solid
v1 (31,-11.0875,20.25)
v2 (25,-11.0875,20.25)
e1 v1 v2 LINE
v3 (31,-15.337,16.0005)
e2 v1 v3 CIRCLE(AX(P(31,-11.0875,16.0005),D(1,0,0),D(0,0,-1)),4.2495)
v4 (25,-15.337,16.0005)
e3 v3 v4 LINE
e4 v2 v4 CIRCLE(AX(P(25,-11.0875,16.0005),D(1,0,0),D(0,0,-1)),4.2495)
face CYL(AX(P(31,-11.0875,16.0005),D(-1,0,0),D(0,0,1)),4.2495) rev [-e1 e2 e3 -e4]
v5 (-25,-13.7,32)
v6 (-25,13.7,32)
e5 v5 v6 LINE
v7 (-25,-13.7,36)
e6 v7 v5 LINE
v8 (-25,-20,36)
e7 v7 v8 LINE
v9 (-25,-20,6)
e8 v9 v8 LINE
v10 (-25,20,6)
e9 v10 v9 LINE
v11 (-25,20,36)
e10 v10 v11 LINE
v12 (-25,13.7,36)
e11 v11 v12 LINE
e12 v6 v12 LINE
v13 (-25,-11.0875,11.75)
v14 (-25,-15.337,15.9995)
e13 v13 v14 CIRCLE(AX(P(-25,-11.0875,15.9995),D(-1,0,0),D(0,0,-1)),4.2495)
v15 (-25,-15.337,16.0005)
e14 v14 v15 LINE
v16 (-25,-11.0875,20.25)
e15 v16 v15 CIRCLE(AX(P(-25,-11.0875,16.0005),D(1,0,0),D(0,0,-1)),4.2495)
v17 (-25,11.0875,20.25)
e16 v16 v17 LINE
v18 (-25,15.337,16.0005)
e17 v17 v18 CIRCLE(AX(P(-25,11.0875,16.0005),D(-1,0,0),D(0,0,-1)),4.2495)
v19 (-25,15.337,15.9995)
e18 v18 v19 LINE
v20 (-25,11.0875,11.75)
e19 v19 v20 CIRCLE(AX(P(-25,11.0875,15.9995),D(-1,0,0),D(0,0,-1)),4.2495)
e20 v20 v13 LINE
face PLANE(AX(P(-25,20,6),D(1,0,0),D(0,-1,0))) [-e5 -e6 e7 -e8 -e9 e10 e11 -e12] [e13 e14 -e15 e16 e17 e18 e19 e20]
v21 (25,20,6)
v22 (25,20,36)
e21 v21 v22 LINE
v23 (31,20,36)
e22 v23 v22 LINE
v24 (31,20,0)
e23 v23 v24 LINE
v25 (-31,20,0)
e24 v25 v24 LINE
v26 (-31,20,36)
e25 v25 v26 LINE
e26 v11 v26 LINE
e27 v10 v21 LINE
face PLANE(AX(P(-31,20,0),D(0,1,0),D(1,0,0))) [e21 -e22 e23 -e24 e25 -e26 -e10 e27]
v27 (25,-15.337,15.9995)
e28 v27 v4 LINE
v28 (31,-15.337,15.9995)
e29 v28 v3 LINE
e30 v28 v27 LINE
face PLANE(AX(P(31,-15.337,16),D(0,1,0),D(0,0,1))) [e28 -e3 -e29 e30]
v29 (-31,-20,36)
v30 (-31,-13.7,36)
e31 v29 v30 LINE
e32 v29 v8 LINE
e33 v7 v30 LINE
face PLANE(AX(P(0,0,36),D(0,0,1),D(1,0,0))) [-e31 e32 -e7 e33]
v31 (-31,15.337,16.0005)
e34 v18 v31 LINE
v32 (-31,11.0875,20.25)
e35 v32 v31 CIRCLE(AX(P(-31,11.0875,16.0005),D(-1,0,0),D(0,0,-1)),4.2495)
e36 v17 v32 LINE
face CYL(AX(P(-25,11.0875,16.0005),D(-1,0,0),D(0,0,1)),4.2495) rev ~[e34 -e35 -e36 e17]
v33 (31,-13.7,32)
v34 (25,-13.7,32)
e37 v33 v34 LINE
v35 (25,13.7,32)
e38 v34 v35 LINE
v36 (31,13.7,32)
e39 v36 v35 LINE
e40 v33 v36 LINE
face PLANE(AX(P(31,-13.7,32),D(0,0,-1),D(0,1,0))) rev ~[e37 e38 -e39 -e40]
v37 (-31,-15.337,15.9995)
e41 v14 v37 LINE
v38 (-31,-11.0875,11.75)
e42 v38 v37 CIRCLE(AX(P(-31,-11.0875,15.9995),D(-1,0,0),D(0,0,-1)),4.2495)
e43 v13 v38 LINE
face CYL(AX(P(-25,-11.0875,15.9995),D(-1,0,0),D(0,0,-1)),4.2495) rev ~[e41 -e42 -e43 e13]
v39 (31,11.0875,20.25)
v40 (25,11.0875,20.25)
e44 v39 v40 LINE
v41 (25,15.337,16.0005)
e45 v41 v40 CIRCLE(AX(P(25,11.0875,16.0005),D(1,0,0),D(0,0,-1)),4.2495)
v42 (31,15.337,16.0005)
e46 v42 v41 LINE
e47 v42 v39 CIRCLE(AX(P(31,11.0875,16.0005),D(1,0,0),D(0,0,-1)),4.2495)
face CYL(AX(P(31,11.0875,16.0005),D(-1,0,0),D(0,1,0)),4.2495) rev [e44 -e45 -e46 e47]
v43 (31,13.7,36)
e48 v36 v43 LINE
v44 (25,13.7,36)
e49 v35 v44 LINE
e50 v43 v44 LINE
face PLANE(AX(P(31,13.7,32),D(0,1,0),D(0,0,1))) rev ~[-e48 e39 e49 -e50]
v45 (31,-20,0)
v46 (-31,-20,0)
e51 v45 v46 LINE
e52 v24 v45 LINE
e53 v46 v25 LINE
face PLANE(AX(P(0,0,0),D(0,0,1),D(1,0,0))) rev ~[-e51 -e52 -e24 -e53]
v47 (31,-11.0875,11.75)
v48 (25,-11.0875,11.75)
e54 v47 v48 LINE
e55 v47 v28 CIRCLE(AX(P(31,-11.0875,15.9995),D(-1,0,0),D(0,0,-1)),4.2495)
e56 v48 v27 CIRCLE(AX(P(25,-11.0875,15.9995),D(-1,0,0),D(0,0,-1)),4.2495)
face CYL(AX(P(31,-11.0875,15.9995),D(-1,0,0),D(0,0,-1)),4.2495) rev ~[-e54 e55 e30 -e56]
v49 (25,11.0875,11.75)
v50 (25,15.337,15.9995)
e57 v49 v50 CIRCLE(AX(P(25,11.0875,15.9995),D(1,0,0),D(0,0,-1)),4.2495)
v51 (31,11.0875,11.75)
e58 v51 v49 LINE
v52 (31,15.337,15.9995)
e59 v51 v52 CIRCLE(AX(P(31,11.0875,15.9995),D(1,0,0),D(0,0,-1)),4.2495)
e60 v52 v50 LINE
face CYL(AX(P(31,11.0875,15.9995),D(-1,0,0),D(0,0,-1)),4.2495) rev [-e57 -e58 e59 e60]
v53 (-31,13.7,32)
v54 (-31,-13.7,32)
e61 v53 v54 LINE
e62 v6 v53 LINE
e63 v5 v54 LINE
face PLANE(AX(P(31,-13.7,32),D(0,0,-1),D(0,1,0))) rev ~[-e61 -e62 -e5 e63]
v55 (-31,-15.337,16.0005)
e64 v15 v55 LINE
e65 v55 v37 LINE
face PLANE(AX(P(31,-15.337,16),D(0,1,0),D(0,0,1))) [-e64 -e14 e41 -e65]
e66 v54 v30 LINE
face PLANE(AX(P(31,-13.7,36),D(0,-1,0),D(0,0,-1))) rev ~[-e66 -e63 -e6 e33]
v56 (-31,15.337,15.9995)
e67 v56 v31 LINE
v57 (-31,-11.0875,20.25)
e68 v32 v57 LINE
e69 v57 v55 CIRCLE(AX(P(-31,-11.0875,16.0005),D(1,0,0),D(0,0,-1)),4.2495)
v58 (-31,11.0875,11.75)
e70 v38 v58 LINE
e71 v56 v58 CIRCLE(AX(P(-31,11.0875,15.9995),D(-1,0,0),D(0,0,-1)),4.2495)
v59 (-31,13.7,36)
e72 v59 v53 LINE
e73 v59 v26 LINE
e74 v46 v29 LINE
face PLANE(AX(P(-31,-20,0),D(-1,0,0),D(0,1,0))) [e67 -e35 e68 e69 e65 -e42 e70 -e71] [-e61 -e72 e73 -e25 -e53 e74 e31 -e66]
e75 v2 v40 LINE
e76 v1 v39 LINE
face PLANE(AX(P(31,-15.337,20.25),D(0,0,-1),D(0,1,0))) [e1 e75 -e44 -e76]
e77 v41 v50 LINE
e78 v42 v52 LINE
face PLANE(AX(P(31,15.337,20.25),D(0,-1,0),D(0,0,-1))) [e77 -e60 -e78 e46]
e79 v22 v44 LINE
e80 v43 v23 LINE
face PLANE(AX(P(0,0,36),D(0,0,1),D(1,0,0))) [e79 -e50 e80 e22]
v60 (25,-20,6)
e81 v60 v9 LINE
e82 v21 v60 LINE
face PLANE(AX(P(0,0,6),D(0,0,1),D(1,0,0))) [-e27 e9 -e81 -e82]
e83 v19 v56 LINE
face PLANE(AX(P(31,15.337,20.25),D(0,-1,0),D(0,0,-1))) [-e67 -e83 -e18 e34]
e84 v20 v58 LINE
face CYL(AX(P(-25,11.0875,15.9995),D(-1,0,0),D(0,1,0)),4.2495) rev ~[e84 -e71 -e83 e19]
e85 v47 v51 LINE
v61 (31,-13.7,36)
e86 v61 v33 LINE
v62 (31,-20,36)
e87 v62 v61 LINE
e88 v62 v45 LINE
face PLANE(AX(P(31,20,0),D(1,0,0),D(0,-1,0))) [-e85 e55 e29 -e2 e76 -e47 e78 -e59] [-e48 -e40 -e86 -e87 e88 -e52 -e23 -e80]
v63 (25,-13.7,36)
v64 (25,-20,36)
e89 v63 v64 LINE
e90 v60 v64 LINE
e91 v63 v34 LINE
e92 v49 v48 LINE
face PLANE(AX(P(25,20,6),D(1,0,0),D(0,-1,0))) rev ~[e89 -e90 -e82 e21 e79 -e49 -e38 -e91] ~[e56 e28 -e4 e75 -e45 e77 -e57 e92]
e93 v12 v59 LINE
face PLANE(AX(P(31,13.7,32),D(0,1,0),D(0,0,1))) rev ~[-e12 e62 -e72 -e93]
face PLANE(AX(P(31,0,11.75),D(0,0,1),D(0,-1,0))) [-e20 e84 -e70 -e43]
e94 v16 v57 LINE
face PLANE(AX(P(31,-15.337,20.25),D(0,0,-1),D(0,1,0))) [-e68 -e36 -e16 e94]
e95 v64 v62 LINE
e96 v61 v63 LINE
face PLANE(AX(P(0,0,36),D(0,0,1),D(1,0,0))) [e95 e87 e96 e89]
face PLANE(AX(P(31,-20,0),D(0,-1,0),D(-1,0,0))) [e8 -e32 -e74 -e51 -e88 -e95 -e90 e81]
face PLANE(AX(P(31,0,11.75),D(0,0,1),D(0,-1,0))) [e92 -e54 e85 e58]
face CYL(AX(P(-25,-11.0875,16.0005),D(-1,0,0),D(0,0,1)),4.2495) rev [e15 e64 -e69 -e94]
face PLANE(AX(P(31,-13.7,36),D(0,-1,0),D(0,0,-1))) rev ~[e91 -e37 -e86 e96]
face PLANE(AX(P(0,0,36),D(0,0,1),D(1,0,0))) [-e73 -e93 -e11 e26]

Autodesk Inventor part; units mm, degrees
ref_plane "YZ Plane" through (0, 0, 0) normal (1, 0, 0) x (0, 1, 0)
ref_plane "XZ Plane" through (0, 0, 0) normal (0, 1, 0) x (-1, 0, 0)
ref_plane "XY Plane" through (0, 0, 0) normal (0, 0, 1) x (1, 0, 0)
sketch "スケッチ1" plane through (0, 0, 0) normal (0, 0, 1) x (1, 0, 0)
  line L0 (-31, 20) -> (31, 20)
  line L1 (31, 20) -> (31, -20)
  line L2 (31, -20) -> (-31, -20)
  line L3 (-31, -20) -> (-31, 20)
  line L4 (-31, 20) -> (31, -20) construction
  line L5 (31, 20) -> (-31, -20) construction
  point P0 (0, 0)
  dimension "d0" = 62
  dimension "d1" = 40
extrude "押し出し1" add sketch "スケッチ1" along normal blind 6
sketch "スケッチ2" plane through (0, 0, 6) normal (0, 0, 1) x (1, 0, 0)
  line L0 (31, 20) -> (-31, 20) projected
  line L1 (-31, -20) -> (31, -20) projected
  line L2 (-31, 20) -> (-25, 20)
  line L3 (-25, 20) -> (-25, -20)
  line L4 (-25, -20) -> (-31, -20)
  line L5 (-31, -20) -> (-31, 20)
  line L6 (31, -20) -> (31, 20) projected
  line L7 (31, 20) -> (25, 20)
  line L8 (25, 20) -> (25, -20)
  line L9 (25, -20) -> (31, -20)
  line L10 (31, -20) -> (31, 20)
  point P0 (0, 0)
  dimension "d4" = 6
  dimension "d5" = 6
extrude "押し出し2" add sketch "スケッチ2" along normal blind 30 contours L6 L1 L8 L0 | L3 L1 L5 L0
sketch "スケッチ3" plane through (31, -20, 0) normal (1, 0, 0) x (0, 0, -1)
  line L0 (-6, 0) -> (-36, 0) projected
  line L1 (-18.303, 0) -> (-8.303, 0)
  line L2 (0, 0) -> (0, 40) projected
  line L3 (-36, 0) -> (-36, 40) projected
  line L4 (-36, 0) -> (-17.2102, 0)
  line L5 (0, 0) -> (-16, 0)
  line L6 (-16, 0) -> (-16, 20)
  line L7 (-16, 20) -> (0, 20)
  line L8 (0, 20) -> (0, 0)
  line L9 (-20.25, 35.337) -> (-11.75, 35.337)
  line L10 (-11.75, 35.337) -> (-11.75, 4.663)
  line L11 (-11.75, 4.663) -> (-20.25, 4.663)
  line L12 (-20.25, 4.663) -> (-20.25, 35.337)
  line L13 (-20.25, 35.337) -> (-11.75, 4.663) construction
  line L14 (-11.75, 35.337) -> (-20.25, 4.663) construction
  line L15 (-40, 6.3) -> (-32, 6.3)
  line L16 (-32, 6.3) -> (-32, 33.7)
  line L17 (-32, 33.7) -> (-40, 33.7)
  line L18 (-40, 33.7) -> (-40, 6.3)
  line L19 (-40, 6.3) -> (-32, 33.7) construction
  line L20 (-32, 6.3) -> (-40, 33.7) construction
  point P0 (0, 20)
  point P1 (-36, 20)
  point P2 (-36, 33.7)
  point P3 (-36, 6.3)
  dimension "d9" = 36
  dimension "d10" = 40
  dimension "d11" = 20
  dimension "d12" = 16
  dimension "d13" = 8.5
  dimension "d17" = 8
  dimension "d18" = 27.4
extrude "押し出し3" cut sketch "スケッチ3" against normal blind 100 contours L3 L17 L16 L15 | L11 L12 L9 L10 L7 L6 | L6 L7 L10 L11
fillet "フィレット1" radius 4.25 8 edges at (28, 15.337, 11.75) (28, 15.337, 20.25) (28, -15.337, 11.75) (28, -15.337, 20.25) (-28, 15.337, 11.75) (-28, 15.337, 20.25) (-28, -15.337, 11.75) (-28, -15.337, 20.25)
equation "\"d5\" = d4"
equation "\"d11\" = 0.5 * d10"
properties part number "main"
